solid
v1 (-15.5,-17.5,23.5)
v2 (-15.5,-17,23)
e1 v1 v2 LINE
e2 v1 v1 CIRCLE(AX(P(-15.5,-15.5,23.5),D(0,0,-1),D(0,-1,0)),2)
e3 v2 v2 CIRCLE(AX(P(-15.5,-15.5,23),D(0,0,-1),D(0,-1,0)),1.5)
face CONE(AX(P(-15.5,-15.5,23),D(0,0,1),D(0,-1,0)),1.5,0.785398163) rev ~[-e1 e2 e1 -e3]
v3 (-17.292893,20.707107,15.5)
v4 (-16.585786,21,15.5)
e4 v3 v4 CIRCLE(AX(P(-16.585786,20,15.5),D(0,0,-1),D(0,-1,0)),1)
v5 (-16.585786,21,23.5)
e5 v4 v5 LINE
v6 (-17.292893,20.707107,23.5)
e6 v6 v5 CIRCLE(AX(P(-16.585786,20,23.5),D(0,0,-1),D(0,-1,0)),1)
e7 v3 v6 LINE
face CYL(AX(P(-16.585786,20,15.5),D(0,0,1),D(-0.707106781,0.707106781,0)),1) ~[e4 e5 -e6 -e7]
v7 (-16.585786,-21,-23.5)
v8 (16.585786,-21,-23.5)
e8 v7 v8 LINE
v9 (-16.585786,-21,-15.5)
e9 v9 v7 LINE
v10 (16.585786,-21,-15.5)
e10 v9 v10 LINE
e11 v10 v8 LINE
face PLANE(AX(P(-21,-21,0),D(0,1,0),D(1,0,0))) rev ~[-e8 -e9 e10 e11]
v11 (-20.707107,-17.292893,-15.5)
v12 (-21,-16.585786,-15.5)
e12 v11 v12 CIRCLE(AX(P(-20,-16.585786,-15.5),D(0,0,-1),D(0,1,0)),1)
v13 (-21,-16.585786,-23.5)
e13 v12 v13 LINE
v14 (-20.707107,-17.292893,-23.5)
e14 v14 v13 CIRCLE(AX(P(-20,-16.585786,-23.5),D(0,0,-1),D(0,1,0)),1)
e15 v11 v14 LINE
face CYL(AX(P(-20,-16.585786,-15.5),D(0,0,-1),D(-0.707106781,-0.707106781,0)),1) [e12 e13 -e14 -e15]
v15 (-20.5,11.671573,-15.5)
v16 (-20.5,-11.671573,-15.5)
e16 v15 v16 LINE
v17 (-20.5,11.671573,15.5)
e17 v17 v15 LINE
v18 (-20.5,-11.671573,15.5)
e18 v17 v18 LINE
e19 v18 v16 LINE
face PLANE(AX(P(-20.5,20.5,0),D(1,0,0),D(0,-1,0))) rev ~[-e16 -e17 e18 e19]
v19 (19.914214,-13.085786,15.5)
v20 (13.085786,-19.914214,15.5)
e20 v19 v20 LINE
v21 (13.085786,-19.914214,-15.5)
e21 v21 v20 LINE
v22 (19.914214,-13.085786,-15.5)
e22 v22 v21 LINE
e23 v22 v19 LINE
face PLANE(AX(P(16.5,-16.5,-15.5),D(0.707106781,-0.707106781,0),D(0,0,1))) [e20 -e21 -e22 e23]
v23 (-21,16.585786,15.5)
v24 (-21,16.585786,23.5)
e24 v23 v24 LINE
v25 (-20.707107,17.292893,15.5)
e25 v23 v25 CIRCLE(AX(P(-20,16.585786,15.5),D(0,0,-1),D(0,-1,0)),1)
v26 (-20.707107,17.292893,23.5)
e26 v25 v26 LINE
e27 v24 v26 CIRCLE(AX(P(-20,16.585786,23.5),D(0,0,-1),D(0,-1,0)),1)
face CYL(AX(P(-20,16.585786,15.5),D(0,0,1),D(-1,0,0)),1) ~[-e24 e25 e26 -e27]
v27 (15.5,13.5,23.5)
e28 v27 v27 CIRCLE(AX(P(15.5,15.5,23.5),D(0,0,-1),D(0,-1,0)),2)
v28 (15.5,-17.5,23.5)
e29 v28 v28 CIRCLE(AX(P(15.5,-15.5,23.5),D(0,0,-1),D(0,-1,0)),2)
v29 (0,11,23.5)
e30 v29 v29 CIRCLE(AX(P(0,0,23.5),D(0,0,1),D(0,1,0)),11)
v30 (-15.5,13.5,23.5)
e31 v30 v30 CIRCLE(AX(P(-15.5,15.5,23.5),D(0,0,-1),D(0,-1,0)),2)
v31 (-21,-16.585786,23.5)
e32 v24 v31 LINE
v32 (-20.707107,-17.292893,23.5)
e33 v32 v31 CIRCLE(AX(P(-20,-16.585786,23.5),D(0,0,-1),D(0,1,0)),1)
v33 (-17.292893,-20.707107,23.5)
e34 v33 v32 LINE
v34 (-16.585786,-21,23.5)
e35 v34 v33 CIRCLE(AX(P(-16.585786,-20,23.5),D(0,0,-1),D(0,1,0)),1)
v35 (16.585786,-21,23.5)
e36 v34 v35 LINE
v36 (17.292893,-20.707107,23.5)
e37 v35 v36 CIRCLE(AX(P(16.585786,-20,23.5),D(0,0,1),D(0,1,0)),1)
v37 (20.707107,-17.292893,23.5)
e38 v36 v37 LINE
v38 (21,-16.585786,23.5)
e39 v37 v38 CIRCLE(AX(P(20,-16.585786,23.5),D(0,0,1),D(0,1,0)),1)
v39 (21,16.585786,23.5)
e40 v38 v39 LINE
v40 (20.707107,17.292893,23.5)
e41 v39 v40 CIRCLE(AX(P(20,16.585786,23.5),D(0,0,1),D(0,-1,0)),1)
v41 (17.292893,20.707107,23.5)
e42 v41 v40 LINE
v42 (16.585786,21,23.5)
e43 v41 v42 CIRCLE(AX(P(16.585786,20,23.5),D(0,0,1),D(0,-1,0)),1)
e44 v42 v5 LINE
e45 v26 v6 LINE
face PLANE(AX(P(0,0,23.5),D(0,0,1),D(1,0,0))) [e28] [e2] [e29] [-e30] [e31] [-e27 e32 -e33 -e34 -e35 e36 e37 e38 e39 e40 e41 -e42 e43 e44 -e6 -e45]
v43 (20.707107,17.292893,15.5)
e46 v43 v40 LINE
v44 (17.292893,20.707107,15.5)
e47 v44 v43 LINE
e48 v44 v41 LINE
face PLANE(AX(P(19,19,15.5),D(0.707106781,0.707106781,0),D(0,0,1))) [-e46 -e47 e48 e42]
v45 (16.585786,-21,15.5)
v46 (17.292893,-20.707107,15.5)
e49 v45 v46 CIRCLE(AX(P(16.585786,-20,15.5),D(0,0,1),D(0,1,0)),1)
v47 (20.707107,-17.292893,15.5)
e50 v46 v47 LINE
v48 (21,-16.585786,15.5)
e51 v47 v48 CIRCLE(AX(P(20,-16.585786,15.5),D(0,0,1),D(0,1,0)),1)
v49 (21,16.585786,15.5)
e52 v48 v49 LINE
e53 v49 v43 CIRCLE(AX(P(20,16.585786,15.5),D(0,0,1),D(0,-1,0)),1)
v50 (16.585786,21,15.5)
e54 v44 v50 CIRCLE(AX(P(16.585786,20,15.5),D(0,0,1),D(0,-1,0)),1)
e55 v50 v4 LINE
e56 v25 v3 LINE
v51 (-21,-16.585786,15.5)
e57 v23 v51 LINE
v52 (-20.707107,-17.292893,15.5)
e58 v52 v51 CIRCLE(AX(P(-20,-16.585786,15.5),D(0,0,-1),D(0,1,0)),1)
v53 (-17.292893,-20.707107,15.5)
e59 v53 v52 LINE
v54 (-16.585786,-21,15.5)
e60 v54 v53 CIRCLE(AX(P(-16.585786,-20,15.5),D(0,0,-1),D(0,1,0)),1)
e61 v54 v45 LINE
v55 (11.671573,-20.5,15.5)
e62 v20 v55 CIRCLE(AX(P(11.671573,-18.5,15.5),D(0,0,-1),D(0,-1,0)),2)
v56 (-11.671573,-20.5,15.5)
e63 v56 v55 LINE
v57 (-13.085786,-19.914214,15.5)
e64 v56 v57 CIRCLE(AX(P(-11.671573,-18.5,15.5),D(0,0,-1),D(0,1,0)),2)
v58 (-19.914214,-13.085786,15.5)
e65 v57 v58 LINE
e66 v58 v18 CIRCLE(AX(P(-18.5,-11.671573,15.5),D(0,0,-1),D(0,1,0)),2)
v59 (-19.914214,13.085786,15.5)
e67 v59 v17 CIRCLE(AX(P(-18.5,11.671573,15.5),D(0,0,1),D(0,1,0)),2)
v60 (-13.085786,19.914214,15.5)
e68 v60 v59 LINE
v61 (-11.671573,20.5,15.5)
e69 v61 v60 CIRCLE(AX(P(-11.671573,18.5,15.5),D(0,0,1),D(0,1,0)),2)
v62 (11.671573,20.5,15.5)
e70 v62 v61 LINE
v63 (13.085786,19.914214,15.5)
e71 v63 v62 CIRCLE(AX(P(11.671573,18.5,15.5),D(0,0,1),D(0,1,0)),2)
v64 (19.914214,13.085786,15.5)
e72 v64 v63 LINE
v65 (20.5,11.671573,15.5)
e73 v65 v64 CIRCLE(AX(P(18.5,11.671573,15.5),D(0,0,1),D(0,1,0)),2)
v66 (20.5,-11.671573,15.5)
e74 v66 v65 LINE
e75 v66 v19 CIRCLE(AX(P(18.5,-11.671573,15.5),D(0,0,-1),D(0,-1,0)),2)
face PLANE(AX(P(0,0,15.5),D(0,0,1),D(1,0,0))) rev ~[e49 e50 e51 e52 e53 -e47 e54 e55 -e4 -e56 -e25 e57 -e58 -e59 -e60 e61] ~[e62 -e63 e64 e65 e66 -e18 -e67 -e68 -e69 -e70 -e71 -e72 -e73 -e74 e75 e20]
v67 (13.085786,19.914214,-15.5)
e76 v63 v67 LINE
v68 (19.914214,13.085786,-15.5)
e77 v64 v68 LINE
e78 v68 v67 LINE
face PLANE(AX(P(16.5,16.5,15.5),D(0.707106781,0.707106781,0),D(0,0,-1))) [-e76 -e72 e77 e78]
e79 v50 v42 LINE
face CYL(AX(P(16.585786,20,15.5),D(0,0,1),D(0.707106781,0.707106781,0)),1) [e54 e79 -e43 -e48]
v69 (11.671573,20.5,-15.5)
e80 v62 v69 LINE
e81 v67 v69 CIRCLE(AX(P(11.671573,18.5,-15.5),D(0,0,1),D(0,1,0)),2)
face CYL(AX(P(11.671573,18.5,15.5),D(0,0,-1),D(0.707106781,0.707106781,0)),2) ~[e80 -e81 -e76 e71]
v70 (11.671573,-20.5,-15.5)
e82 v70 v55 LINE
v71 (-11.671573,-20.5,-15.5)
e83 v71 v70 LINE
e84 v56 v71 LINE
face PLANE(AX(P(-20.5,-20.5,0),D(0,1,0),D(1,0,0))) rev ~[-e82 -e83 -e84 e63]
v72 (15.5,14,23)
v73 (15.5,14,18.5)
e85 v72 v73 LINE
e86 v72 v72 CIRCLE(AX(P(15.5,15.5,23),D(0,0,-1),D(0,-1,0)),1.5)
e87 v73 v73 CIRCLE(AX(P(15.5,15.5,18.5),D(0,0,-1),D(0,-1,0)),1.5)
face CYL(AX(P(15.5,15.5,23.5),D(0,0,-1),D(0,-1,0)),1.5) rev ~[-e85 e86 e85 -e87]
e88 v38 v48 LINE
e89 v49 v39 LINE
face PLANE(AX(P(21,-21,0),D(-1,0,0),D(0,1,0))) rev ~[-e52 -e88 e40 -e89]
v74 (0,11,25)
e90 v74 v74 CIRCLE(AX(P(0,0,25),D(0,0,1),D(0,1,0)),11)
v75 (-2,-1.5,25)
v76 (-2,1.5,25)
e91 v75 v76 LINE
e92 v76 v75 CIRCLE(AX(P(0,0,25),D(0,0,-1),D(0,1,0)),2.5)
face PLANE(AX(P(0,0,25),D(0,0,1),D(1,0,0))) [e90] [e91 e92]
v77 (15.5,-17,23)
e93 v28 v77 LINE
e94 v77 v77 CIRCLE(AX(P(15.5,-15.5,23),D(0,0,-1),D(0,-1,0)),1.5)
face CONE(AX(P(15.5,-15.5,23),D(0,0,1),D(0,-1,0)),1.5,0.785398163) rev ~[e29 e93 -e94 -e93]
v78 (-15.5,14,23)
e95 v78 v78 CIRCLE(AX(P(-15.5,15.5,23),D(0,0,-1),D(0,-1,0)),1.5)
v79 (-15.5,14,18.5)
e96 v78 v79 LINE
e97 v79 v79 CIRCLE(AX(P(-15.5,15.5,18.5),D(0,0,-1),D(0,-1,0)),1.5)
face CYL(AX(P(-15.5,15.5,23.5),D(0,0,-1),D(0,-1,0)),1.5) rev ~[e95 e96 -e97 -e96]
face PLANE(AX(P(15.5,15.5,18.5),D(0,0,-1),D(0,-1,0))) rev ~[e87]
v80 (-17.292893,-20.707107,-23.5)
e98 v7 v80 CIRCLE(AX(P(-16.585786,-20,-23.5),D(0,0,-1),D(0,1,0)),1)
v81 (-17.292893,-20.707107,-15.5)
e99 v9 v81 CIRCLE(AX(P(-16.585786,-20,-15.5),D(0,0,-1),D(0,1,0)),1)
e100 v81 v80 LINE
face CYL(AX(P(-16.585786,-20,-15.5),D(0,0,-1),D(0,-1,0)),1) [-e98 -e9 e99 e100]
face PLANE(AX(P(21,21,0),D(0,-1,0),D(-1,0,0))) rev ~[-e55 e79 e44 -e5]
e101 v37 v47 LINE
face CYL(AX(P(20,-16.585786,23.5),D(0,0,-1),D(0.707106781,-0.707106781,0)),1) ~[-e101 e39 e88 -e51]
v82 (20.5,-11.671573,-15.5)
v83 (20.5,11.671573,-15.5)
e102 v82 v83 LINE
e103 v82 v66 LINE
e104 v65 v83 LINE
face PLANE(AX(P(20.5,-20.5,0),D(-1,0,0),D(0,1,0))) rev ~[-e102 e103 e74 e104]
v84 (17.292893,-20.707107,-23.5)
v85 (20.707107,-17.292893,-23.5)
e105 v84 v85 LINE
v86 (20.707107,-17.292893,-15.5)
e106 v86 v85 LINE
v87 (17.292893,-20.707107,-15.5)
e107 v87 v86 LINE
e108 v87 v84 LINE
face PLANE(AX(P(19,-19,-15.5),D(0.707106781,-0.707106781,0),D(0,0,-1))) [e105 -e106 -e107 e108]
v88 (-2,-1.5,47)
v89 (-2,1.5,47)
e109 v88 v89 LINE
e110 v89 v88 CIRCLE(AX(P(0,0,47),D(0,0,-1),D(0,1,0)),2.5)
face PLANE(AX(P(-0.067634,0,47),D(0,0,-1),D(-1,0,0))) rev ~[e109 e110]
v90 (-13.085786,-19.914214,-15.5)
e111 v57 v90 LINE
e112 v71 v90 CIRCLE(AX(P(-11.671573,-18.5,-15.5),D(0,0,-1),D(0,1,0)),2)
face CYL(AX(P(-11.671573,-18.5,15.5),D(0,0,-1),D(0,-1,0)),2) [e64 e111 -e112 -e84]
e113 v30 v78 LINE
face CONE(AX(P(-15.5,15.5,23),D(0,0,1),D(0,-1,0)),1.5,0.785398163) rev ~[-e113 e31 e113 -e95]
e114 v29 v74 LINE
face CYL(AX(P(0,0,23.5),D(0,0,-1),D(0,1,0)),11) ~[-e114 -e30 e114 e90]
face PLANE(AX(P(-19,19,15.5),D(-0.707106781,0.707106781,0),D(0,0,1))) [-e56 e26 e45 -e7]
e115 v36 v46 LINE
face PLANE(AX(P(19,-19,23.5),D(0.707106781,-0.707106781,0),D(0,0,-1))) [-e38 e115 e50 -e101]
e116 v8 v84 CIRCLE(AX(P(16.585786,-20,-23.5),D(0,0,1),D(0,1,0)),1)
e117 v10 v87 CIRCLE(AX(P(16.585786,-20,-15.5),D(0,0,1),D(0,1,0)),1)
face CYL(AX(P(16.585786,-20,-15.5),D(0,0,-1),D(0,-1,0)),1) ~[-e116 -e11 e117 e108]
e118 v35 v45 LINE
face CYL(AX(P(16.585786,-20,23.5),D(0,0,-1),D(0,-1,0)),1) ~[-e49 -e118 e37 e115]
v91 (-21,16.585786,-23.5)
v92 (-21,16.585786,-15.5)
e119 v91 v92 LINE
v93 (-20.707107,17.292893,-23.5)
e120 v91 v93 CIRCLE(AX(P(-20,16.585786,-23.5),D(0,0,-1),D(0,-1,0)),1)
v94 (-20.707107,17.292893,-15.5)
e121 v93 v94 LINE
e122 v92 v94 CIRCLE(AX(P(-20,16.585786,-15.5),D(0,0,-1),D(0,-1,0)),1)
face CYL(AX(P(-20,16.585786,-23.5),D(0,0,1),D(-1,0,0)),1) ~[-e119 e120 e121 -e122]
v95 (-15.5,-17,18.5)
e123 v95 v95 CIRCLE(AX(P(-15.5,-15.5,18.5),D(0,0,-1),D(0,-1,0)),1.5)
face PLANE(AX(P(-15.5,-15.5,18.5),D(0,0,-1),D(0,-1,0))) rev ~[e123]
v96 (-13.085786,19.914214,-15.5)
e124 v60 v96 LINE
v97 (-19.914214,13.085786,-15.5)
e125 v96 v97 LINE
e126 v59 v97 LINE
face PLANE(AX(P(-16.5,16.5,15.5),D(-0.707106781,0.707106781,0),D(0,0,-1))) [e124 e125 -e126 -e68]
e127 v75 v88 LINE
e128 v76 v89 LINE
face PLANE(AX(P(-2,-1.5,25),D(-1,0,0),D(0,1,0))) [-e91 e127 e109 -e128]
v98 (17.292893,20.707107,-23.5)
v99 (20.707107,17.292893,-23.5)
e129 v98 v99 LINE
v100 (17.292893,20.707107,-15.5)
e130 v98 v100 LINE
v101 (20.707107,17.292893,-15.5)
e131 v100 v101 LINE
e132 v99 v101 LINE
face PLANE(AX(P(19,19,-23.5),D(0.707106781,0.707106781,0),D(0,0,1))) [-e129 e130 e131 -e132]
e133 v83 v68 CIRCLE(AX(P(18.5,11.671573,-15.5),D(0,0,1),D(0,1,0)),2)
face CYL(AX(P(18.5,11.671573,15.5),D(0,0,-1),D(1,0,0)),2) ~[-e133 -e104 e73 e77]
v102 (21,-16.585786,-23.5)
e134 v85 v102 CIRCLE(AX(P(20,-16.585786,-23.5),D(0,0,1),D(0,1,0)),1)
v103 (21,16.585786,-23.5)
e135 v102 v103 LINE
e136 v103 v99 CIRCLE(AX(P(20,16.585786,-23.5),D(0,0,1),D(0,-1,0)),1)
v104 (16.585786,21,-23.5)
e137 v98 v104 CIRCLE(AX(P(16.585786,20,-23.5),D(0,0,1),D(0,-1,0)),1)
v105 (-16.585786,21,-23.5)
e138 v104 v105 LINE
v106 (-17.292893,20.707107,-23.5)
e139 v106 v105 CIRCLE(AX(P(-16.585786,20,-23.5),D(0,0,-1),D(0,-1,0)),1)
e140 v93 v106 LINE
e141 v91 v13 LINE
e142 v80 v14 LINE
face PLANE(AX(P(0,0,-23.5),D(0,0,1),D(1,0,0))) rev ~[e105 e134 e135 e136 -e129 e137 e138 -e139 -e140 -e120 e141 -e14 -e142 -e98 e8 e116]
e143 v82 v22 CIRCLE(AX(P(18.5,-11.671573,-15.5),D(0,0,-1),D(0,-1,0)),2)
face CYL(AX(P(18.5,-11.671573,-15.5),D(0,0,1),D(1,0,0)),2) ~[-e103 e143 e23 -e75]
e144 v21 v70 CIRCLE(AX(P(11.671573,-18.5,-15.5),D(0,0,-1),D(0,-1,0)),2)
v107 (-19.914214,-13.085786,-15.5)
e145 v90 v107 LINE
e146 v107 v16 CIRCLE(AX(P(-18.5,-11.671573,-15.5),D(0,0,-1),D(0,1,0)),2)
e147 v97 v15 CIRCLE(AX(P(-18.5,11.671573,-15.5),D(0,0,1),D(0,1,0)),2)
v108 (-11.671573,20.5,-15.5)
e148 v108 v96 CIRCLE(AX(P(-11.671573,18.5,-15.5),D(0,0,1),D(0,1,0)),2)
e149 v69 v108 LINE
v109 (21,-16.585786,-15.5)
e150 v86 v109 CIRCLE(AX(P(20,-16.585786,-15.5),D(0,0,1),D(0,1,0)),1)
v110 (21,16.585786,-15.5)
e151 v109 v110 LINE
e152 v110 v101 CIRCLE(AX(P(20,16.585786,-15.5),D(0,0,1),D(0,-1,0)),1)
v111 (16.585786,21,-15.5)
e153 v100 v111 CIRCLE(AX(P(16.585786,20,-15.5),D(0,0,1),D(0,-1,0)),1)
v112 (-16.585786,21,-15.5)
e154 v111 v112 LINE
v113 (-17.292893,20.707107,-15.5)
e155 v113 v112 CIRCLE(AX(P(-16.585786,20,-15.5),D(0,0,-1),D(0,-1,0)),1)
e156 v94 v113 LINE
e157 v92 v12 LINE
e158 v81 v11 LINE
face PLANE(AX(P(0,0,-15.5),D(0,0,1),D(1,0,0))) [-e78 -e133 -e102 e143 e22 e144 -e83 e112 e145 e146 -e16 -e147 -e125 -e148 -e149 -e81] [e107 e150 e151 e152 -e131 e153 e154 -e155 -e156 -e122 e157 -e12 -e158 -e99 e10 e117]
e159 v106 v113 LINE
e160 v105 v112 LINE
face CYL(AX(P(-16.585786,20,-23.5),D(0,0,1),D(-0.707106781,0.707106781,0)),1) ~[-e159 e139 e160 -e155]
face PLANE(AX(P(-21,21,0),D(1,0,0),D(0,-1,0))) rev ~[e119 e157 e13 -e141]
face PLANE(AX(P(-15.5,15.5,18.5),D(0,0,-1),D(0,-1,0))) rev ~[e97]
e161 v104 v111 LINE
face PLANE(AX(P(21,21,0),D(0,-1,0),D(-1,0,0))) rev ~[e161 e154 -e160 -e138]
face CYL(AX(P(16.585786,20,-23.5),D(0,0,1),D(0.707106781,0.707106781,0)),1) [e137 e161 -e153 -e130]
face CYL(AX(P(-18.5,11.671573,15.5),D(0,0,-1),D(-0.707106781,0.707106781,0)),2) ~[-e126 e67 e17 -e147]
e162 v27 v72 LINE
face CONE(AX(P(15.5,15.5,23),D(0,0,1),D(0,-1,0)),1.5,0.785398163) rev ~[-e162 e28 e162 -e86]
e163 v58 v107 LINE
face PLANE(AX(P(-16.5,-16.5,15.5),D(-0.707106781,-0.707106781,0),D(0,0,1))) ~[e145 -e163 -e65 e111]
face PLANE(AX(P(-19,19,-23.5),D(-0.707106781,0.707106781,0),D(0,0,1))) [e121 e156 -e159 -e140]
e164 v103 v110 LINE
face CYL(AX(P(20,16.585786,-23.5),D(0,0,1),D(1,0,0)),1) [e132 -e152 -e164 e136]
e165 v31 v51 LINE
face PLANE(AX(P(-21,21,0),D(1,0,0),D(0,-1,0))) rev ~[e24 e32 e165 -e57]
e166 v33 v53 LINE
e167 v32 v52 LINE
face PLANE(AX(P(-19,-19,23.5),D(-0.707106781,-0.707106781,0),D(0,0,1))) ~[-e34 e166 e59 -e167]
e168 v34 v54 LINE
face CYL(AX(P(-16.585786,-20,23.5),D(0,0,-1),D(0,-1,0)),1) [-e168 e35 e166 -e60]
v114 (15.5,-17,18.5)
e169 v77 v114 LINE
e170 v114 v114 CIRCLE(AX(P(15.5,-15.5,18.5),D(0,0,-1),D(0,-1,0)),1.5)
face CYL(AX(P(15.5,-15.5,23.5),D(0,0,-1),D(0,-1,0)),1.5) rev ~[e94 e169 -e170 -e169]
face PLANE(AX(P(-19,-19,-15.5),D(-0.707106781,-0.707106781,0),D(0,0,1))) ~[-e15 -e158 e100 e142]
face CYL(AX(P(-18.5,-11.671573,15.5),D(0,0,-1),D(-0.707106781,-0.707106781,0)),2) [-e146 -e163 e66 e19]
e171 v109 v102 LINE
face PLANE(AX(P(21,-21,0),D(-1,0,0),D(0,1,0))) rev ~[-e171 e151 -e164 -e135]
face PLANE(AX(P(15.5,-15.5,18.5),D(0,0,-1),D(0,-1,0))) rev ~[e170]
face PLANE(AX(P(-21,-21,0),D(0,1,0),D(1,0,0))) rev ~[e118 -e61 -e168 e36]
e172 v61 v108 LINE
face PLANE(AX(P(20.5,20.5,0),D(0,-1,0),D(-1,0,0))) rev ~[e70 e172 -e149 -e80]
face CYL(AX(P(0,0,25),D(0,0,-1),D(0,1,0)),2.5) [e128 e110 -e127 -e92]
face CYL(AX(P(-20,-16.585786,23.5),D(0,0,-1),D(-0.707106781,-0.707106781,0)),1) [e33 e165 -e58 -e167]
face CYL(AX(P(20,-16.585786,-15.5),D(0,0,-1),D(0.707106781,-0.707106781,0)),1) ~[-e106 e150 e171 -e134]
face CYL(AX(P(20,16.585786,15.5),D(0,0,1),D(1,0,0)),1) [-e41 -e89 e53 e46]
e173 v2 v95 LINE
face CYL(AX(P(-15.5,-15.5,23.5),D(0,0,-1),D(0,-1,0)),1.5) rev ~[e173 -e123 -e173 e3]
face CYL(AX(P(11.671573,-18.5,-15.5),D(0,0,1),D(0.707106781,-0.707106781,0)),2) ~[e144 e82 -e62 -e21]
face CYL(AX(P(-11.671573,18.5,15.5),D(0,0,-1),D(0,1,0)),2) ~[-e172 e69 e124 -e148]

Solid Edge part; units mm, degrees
sketch "Sketch1" plane through (0, 0, 0) normal (0, 0, 1) x (1, 0, 0)
  line L0 (21, -21) -> (21, 21)
  line L1 (21, 21) -> (-21, 21)
  line L2 (-21, 21) -> (-21, -21)
  line L3 (-21, -21) -> (21, -21)
extrude "Protrusion1" add sketch "Sketch1" along normal mid plane 47
sketch "Sketch2" plane through (0, 0, 0) normal (0, 0, 1) x (1, 0, 0)
  line L0 (20.5, -20.5) -> (20.5, 20.5)
  line L1 (20.5, 20.5) -> (-20.5, 20.5)
  line L2 (-20.5, 20.5) -> (-20.5, -20.5)
  line L3 (-20.5, -20.5) -> (20.5, -20.5)
extrude "VaciadoExtruido_1" cut sketch "Sketch2" along normal mid plane 31 flip side to cut
chamfer "Chaflán_1" distance 8 angle 45 4 edges at (20.5, -20.5, 0) (20.5, 20.5, 0) (-20.5, -20.5, 0) (-20.5, 20.5, 0)
chamfer "Chaflán_2" distance 4 angle 45 8 edges at (21, -21, 19.5) (21, 21, 19.5) (21, 21, -19.5) (21, -21, -19.5) (-21, -21, -19.5) (-21, -21, 19.5) (-21, 21, 19.5) (-21, 21, -19.5)
fillet "Redondeo_1" radius 2 8 edges at (-20.5, 12.5, 0) (-12.5, 20.5, 0) (12.5, 20.5, 0) (20.5, 12.5, 0) (20.5, -12.5, 0) (12.5, -20.5, 0) (-12.5, -20.5, 0) (-20.5, -12.5, 0)
fillet "Redondeo_2" radius 1 16 edges at (-21, -17, 19.5) (-17, -21, 19.5) (-21, 17, 19.5) (-17, 21, 19.5) (17, -21, 19.5) (21, -17, 19.5) (21, 17, 19.5) (17, 21, 19.5) (21, 17, -19.5) (21, -17, -19.5) (17, -21, -19.5) (-17, -21, -19.5) (-21, -17, -19.5) (-21, 17, -19.5) (-17, 21, -19.5) (17, 21, -19.5)
sketch "Sketch3" plane through (0, 0, 23.5) normal (0, 0, 1) x (0, 1, 0)
  circle A0 centre (0, 0) radius 11
extrude "ProtrusiónExtruida_3" add sketch "Sketch3" along normal blind 1.5
sketch "Sketch4" plane through (0, 0, 25) normal (0, 0, 1) x (0, 1, 0)
  line L0 (-1.5, 2) -> (1.5, 2)
  arc A0 (1.5, 2) -> (-1.5, 2) centre (0, 0) cw
extrude "ProtrusiónExtruida_4" add sketch "Sketch4" along normal blind 22
hole "Agujero_1" at (-15.5, -15.5, 23.5) direction (0, 0, -1) diameter 3 depth 5
hole "Hole1" at (15.5, -15.5, 23.5) direction (0, 0, -1) diameter 3 depth 5
hole "Hole2" at (15.5, 15.5, 23.5) direction (0, 0, -1) diameter 3 depth 5
hole "Hole3" at (-15.5, 15.5, 23.5) direction (0, 0, -1) diameter 3 depth 5
chamfer "Chaflán_3" distance 0.5 angle 45 4 edges at (-15.5, -14, 23.5) (-15.5, 17, 23.5) (15.5, 17, 23.5) (15.5, -14, 23.5)
